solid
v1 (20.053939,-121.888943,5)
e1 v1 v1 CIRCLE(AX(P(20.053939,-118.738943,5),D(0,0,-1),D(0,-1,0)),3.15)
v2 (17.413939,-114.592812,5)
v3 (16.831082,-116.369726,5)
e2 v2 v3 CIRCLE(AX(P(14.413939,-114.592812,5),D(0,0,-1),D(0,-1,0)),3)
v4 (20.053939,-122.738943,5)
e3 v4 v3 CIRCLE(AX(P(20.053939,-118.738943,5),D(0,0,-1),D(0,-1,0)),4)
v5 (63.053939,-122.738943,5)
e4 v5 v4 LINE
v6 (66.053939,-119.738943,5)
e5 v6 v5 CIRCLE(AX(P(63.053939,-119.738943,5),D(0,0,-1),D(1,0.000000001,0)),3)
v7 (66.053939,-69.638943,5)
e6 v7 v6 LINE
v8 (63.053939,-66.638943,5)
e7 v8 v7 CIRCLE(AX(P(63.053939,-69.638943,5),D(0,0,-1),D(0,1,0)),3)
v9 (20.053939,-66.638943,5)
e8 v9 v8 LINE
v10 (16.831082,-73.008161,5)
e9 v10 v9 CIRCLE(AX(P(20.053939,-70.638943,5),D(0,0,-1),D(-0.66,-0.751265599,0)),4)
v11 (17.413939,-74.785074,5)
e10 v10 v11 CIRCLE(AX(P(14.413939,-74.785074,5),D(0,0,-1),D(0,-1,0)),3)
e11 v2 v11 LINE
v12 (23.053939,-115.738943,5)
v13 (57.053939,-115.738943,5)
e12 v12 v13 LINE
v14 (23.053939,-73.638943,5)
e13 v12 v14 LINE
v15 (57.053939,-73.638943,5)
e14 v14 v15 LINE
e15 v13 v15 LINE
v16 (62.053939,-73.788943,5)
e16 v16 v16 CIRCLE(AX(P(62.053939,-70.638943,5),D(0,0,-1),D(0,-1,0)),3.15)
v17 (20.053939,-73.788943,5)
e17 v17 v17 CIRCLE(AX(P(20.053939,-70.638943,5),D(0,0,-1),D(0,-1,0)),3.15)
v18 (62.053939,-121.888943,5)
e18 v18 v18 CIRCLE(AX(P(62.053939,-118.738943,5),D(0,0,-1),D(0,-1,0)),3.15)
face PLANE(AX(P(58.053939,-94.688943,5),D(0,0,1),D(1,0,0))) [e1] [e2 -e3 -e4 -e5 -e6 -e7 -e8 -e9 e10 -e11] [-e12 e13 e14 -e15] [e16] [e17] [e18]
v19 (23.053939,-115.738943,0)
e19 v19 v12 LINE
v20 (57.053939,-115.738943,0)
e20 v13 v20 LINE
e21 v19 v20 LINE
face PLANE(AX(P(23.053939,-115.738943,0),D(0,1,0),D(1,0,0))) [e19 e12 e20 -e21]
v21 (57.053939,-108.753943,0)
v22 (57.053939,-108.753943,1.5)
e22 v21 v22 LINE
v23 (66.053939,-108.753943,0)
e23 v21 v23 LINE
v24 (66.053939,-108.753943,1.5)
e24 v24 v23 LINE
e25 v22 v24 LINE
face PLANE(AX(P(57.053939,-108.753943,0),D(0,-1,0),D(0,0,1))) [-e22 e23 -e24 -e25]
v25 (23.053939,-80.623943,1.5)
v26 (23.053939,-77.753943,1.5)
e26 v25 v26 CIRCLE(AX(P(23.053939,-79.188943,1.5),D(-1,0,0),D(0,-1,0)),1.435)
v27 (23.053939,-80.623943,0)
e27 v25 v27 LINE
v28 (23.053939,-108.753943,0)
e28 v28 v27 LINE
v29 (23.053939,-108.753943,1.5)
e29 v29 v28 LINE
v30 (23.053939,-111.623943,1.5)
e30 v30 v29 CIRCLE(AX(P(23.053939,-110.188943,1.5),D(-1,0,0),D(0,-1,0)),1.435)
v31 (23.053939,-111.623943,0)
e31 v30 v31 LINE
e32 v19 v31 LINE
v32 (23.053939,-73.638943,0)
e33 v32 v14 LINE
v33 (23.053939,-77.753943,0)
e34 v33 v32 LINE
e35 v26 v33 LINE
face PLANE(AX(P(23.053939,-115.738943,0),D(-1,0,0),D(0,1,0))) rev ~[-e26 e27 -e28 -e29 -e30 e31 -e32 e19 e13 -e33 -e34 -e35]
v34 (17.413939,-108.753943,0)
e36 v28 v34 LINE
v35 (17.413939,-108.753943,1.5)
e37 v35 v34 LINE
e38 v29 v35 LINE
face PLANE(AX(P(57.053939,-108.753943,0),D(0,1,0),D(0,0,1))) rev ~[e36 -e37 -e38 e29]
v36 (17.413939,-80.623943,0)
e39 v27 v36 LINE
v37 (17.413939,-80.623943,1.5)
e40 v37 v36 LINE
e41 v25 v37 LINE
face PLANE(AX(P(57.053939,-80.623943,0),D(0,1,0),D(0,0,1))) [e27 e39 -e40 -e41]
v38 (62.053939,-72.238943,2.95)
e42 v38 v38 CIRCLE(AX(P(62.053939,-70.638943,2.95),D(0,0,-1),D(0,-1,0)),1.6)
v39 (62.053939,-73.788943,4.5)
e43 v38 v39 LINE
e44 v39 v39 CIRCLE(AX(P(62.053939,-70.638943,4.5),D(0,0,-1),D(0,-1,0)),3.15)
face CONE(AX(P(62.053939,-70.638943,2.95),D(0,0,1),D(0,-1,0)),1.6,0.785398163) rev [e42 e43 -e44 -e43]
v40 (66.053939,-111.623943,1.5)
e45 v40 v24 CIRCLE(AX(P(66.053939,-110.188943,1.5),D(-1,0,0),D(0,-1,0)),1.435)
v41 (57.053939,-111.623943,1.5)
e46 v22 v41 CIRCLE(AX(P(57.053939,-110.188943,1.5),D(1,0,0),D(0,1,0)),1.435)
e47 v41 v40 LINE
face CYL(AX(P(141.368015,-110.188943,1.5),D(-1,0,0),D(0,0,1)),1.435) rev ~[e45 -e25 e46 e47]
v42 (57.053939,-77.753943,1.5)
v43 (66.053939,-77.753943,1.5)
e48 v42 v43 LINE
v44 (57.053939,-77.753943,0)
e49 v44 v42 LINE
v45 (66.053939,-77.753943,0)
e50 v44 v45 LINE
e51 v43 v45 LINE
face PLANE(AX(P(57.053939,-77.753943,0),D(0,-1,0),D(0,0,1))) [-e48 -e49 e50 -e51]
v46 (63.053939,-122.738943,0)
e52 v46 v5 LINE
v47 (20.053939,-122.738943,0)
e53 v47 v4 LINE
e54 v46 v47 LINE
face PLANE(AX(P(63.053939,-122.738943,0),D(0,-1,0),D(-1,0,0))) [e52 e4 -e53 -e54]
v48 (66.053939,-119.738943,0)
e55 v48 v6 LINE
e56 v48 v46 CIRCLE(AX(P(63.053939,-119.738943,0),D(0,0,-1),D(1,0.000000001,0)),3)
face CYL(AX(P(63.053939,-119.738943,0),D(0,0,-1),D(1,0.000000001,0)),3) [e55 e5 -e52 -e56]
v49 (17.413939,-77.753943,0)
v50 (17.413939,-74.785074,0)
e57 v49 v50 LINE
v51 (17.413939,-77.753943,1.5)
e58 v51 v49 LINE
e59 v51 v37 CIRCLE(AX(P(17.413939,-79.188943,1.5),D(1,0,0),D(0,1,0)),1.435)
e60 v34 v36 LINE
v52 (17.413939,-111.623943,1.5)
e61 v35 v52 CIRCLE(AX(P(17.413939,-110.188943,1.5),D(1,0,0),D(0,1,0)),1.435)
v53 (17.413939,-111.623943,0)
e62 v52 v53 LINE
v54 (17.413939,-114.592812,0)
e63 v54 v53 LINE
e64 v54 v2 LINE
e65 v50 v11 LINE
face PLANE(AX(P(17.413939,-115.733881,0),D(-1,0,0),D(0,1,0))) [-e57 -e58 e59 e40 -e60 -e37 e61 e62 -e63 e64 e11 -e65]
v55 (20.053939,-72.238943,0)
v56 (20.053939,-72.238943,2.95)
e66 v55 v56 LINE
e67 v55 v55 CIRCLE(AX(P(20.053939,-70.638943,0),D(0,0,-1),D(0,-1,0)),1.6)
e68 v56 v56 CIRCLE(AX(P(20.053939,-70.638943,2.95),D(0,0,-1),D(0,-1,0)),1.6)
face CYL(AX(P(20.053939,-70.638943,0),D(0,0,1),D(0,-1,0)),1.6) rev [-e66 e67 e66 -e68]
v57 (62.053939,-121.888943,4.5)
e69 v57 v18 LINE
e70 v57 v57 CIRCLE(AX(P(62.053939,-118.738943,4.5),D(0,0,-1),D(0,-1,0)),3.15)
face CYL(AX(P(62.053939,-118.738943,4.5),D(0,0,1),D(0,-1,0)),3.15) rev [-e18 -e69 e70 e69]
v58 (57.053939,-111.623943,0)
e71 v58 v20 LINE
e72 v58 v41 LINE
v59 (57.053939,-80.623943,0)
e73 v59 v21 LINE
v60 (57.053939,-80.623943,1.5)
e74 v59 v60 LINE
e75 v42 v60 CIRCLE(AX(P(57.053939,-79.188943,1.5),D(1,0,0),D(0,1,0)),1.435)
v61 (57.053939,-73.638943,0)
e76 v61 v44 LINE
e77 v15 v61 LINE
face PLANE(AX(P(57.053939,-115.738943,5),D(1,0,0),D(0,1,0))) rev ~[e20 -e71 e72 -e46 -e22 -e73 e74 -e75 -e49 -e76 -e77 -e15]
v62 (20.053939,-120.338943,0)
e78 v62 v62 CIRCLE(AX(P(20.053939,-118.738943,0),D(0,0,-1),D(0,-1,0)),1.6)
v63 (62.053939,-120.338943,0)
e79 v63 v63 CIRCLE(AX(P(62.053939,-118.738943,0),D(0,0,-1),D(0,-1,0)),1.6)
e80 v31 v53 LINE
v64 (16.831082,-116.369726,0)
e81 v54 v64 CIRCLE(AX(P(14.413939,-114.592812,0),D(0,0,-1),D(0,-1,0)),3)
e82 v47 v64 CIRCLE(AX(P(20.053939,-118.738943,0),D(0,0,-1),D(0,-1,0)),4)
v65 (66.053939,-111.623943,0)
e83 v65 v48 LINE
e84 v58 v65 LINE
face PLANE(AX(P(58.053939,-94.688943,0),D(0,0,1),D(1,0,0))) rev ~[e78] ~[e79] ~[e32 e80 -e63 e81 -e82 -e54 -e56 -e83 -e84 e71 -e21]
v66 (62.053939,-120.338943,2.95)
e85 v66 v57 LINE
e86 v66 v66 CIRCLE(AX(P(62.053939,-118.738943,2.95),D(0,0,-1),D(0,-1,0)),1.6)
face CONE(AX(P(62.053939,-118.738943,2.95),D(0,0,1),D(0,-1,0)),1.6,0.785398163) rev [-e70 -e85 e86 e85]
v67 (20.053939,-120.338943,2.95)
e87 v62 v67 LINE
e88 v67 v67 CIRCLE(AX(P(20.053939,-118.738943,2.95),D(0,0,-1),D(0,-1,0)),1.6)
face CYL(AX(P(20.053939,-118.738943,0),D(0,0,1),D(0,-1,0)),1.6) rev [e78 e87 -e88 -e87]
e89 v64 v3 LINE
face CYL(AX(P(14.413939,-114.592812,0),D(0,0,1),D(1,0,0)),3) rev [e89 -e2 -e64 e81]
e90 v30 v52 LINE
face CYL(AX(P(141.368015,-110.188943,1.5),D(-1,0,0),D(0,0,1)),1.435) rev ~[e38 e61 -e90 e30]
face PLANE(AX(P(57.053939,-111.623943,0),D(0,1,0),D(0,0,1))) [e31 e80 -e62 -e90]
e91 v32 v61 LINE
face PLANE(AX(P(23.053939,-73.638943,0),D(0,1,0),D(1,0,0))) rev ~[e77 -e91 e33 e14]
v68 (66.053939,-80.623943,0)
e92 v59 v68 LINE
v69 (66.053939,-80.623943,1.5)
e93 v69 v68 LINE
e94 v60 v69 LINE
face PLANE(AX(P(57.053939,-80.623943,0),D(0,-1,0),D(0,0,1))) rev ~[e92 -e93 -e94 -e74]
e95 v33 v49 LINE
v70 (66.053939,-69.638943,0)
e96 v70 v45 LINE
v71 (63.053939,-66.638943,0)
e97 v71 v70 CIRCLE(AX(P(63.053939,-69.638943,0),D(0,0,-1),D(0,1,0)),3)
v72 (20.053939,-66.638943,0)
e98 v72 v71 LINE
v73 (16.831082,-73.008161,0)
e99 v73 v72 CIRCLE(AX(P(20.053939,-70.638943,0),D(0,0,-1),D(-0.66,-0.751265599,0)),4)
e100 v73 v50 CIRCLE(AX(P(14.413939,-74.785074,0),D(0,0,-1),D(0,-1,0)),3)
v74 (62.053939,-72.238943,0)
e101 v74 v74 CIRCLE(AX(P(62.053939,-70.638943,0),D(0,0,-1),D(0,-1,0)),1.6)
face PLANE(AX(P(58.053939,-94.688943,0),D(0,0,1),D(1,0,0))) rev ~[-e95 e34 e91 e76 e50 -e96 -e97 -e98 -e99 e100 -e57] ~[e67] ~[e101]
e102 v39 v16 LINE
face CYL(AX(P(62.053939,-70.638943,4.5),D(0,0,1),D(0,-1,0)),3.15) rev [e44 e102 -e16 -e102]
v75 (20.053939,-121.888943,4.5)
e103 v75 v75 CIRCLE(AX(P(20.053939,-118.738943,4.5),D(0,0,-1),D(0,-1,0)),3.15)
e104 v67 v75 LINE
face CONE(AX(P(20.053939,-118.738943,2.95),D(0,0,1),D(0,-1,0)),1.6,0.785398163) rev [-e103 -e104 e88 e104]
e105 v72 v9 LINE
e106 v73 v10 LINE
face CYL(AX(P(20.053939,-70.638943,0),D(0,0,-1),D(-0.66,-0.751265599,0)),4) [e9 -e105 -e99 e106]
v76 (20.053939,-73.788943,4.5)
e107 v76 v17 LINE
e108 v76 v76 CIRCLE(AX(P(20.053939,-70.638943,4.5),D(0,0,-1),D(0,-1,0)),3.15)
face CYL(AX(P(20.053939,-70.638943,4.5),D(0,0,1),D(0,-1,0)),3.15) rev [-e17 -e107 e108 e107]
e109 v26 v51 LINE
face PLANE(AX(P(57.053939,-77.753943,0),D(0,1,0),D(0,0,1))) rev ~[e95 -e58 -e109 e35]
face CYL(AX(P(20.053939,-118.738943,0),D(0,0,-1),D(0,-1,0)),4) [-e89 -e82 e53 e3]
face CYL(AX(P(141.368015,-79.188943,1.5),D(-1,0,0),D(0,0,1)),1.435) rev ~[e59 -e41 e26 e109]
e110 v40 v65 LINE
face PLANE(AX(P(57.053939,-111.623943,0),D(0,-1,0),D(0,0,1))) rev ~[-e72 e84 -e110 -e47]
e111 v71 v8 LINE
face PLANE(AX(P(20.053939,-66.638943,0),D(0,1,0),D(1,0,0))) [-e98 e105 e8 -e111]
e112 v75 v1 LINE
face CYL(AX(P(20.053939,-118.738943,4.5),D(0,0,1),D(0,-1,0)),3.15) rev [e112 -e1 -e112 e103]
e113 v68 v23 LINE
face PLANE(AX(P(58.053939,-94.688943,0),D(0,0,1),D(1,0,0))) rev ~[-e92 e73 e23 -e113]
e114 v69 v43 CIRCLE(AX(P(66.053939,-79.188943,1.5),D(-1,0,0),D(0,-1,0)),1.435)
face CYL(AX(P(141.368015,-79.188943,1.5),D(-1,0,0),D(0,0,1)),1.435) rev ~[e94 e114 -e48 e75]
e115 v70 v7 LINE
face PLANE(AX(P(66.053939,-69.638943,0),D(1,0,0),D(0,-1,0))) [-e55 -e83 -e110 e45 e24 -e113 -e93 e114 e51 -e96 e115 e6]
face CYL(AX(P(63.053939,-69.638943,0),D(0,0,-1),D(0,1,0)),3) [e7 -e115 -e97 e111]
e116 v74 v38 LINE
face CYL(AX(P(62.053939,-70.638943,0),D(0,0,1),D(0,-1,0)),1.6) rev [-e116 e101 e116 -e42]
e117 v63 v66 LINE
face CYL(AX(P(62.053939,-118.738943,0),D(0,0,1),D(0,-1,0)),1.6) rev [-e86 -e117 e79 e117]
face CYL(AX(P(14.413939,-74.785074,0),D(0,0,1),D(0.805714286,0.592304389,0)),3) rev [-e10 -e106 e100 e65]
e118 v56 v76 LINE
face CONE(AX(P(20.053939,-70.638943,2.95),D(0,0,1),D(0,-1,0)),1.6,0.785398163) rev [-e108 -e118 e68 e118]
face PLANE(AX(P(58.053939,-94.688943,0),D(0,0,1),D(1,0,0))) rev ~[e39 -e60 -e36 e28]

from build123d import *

# Parameters (mm, degrees)
SKETCH1_R                                    = 1.25
SKETCH1_W                                    = 36
SKETCH1_H                                    = 42.1
BOSS_EXTRUDE1_DEPTH                          = 5
SKETCH6_W                                    = 2
SKETCH6_H                                    = 42.1
BOSS_EXTRUDE4_DEPTH                          = 5
CSK_FOR_M3_COUNTERSUNK_FLAT_HEAD_SCR_2_COUNT = 2
CSK_FOR_M3_COUNTERSUNK_FLAT_HEAD_SCR_2_PITCH = 48.1
CSK_FOR_M3_COUNTERSUNK_FLAT_HEAD_SCR_3_COUNT = 2
CSK_FOR_M3_COUNTERSUNK_FLAT_HEAD_SCR_3_PITCH = 63.856166499
CSK_FOR_M3_COUNTERSUNK_FLAT_HEAD_SCR_4_COUNT = 2
CSK_FOR_M3_COUNTERSUNK_FLAT_HEAD_SCR_4_PITCH = 42
FURO_COM_FOLGA_DE_M34_D                      = 2.87
FILETE1_R                                    = 3
ESBO_O3_W                                    = 1.5
ESBO_O3_H                                    = 2.87
CORTE_EXTRUS_O1_DEPTH                        = 63
CORTE_EXTRUS_O1_DEPTH_BACK                   = 10


with BuildPart() as part:
    # Sketch1 → Boss-Extrude1 (new body)
    with BuildSketch(Plane.XY):
        with BuildLine():
            Line((20.053938932, -66.638943184), (63.053938932, -66.638943184))
            ThreePointArc((63.053938932, -66.638943184), (65.175259276, -67.517622841), (66.053938932, -69.638943184))
            Line((66.053938932, -69.638943184), (66.053938932, -119.738943184))
            ThreePointArc((66.053938932, -119.738943184), (65.175259276, -121.860263528), (63.053938932, -122.738943184))
            Line((63.053938932, -122.738943184), (20.053938932, -122.738943184))
            ThreePointArc((20.053938932, -122.738943184), (16.310928808, -120.149572552), (17.413938931, -115.73388079))
            Line((17.413938931, -115.73388079), (17.413938931, -73.644005579))
            ThreePointArc((17.413938931, -73.644005579), (16.310928808, -69.228313817), (20.053938932, -66.638943184))
        make_face()
        with Locations((20.053938932, -70.638943184)):
            Circle(SKETCH1_R, mode=Mode.SUBTRACT)
        with Locations((20.053938932, -118.738943184)):
            Circle(SKETCH1_R, mode=Mode.SUBTRACT)
        with Locations((62.053938932, -70.638943184)):
            Circle(SKETCH1_R, mode=Mode.SUBTRACT)
        with Locations((62.053938932, -118.738943184)):
            Circle(SKETCH1_R, mode=Mode.SUBTRACT)
        with Locations((41.053938932, -94.688943184)):
            Rectangle(SKETCH1_W, SKETCH1_H, mode=Mode.SUBTRACT)
    extrude(amount=BOSS_EXTRUDE1_DEPTH)

    # Sketch6 → Boss-Extrude4 (add)
    with BuildSketch(Plane.XY.offset(5)):
        with Locations((58.053938932, -94.688943184)):
            Rectangle(SKETCH6_W, SKETCH6_H)
    extrude(amount=-BOSS_EXTRUDE4_DEPTH)

    # Sketch2 → CSK for M3 Countersunk Flat Head Screw1 (revolve, cut)
    with BuildSketch(Plane(origin=(20.053938932, -118.738943184, 5), x_dir=(0, -1, 0), z_dir=(1, 0, 0))):
        Polygon((0, 0), (0, 5), (1.6, 5), (1.6, 2.05), (3.15, 0.5), (3.15, 0), align=None)
    csk_for_m3_countersunk_flat_head_screw1 = revolve(axis=Axis((20.053938932, -118.738943184, 11.35), (0, 0, -1)), mode=Mode.SUBTRACT)

    # CSK for M3 Countersunk Flat Head Scr 2: CSK for M3 Countersunk Flat Head Screw1 ×2
    with Locations(*[(0, i * CSK_FOR_M3_COUNTERSUNK_FLAT_HEAD_SCR_2_PITCH, 0) for i in range(1, CSK_FOR_M3_COUNTERSUNK_FLAT_HEAD_SCR_2_COUNT)]):
        add(csk_for_m3_countersunk_flat_head_screw1, mode=Mode.SUBTRACT)

    # CSK for M3 Countersunk Flat Head Scr 3: CSK for M3 Countersunk Flat Head Screw1 ×2
    with Locations(*[Vector(0.657728177, 0.753255365, 0) * (i * CSK_FOR_M3_COUNTERSUNK_FLAT_HEAD_SCR_3_PITCH) for i in range(1, CSK_FOR_M3_COUNTERSUNK_FLAT_HEAD_SCR_3_COUNT)]):
        add(csk_for_m3_countersunk_flat_head_screw1, mode=Mode.SUBTRACT)

    # CSK for M3 Countersunk Flat Head Scr 4: CSK for M3 Countersunk Flat Head Screw1 ×2
    with Locations(*[(i * CSK_FOR_M3_COUNTERSUNK_FLAT_HEAD_SCR_4_PITCH, 0, 0) for i in range(1, CSK_FOR_M3_COUNTERSUNK_FLAT_HEAD_SCR_4_COUNT)]):
        add(csk_for_m3_countersunk_flat_head_screw1, mode=Mode.SUBTRACT)

    # Furo com folga de M34 (through all)
    with Locations(Plane(origin=(66.053938932, 0, 0), x_dir=(0, 0, -1), z_dir=(1, 0, 0))):
        with Locations((-1.5, -79.188943184), (-1.5, -110.188943184)):
            Hole(FURO_COM_FOLGA_DE_M34_D / 2)

    # Filete1
    filete1_edges = [part.edges().sort_by_distance(p)[0] for p in [
        (17.413938931, -115.73388079, 2.5),
        (17.413938931, -73.644005579, 2.5),
    ]]
    fillet(filete1_edges, radius=FILETE1_R)

    # Esboço3 → Corte-extrusão1 (cut, two sides)
    with BuildSketch(Plane.ZY.offset(-57.053938932)) as corte_extrus_o1_sk:
        with Locations((0.75, -79.188943184)):
            Rectangle(ESBO_O3_W, ESBO_O3_H)
        with Locations((0.75, -110.188943184)):
            Rectangle(ESBO_O3_W, ESBO_O3_H)
    extrude(amount=CORTE_EXTRUS_O1_DEPTH, mode=Mode.SUBTRACT)
    extrude(corte_extrus_o1_sk.sketch, amount=-CORTE_EXTRUS_O1_DEPTH_BACK, mode=Mode.SUBTRACT)


solid = part.part
